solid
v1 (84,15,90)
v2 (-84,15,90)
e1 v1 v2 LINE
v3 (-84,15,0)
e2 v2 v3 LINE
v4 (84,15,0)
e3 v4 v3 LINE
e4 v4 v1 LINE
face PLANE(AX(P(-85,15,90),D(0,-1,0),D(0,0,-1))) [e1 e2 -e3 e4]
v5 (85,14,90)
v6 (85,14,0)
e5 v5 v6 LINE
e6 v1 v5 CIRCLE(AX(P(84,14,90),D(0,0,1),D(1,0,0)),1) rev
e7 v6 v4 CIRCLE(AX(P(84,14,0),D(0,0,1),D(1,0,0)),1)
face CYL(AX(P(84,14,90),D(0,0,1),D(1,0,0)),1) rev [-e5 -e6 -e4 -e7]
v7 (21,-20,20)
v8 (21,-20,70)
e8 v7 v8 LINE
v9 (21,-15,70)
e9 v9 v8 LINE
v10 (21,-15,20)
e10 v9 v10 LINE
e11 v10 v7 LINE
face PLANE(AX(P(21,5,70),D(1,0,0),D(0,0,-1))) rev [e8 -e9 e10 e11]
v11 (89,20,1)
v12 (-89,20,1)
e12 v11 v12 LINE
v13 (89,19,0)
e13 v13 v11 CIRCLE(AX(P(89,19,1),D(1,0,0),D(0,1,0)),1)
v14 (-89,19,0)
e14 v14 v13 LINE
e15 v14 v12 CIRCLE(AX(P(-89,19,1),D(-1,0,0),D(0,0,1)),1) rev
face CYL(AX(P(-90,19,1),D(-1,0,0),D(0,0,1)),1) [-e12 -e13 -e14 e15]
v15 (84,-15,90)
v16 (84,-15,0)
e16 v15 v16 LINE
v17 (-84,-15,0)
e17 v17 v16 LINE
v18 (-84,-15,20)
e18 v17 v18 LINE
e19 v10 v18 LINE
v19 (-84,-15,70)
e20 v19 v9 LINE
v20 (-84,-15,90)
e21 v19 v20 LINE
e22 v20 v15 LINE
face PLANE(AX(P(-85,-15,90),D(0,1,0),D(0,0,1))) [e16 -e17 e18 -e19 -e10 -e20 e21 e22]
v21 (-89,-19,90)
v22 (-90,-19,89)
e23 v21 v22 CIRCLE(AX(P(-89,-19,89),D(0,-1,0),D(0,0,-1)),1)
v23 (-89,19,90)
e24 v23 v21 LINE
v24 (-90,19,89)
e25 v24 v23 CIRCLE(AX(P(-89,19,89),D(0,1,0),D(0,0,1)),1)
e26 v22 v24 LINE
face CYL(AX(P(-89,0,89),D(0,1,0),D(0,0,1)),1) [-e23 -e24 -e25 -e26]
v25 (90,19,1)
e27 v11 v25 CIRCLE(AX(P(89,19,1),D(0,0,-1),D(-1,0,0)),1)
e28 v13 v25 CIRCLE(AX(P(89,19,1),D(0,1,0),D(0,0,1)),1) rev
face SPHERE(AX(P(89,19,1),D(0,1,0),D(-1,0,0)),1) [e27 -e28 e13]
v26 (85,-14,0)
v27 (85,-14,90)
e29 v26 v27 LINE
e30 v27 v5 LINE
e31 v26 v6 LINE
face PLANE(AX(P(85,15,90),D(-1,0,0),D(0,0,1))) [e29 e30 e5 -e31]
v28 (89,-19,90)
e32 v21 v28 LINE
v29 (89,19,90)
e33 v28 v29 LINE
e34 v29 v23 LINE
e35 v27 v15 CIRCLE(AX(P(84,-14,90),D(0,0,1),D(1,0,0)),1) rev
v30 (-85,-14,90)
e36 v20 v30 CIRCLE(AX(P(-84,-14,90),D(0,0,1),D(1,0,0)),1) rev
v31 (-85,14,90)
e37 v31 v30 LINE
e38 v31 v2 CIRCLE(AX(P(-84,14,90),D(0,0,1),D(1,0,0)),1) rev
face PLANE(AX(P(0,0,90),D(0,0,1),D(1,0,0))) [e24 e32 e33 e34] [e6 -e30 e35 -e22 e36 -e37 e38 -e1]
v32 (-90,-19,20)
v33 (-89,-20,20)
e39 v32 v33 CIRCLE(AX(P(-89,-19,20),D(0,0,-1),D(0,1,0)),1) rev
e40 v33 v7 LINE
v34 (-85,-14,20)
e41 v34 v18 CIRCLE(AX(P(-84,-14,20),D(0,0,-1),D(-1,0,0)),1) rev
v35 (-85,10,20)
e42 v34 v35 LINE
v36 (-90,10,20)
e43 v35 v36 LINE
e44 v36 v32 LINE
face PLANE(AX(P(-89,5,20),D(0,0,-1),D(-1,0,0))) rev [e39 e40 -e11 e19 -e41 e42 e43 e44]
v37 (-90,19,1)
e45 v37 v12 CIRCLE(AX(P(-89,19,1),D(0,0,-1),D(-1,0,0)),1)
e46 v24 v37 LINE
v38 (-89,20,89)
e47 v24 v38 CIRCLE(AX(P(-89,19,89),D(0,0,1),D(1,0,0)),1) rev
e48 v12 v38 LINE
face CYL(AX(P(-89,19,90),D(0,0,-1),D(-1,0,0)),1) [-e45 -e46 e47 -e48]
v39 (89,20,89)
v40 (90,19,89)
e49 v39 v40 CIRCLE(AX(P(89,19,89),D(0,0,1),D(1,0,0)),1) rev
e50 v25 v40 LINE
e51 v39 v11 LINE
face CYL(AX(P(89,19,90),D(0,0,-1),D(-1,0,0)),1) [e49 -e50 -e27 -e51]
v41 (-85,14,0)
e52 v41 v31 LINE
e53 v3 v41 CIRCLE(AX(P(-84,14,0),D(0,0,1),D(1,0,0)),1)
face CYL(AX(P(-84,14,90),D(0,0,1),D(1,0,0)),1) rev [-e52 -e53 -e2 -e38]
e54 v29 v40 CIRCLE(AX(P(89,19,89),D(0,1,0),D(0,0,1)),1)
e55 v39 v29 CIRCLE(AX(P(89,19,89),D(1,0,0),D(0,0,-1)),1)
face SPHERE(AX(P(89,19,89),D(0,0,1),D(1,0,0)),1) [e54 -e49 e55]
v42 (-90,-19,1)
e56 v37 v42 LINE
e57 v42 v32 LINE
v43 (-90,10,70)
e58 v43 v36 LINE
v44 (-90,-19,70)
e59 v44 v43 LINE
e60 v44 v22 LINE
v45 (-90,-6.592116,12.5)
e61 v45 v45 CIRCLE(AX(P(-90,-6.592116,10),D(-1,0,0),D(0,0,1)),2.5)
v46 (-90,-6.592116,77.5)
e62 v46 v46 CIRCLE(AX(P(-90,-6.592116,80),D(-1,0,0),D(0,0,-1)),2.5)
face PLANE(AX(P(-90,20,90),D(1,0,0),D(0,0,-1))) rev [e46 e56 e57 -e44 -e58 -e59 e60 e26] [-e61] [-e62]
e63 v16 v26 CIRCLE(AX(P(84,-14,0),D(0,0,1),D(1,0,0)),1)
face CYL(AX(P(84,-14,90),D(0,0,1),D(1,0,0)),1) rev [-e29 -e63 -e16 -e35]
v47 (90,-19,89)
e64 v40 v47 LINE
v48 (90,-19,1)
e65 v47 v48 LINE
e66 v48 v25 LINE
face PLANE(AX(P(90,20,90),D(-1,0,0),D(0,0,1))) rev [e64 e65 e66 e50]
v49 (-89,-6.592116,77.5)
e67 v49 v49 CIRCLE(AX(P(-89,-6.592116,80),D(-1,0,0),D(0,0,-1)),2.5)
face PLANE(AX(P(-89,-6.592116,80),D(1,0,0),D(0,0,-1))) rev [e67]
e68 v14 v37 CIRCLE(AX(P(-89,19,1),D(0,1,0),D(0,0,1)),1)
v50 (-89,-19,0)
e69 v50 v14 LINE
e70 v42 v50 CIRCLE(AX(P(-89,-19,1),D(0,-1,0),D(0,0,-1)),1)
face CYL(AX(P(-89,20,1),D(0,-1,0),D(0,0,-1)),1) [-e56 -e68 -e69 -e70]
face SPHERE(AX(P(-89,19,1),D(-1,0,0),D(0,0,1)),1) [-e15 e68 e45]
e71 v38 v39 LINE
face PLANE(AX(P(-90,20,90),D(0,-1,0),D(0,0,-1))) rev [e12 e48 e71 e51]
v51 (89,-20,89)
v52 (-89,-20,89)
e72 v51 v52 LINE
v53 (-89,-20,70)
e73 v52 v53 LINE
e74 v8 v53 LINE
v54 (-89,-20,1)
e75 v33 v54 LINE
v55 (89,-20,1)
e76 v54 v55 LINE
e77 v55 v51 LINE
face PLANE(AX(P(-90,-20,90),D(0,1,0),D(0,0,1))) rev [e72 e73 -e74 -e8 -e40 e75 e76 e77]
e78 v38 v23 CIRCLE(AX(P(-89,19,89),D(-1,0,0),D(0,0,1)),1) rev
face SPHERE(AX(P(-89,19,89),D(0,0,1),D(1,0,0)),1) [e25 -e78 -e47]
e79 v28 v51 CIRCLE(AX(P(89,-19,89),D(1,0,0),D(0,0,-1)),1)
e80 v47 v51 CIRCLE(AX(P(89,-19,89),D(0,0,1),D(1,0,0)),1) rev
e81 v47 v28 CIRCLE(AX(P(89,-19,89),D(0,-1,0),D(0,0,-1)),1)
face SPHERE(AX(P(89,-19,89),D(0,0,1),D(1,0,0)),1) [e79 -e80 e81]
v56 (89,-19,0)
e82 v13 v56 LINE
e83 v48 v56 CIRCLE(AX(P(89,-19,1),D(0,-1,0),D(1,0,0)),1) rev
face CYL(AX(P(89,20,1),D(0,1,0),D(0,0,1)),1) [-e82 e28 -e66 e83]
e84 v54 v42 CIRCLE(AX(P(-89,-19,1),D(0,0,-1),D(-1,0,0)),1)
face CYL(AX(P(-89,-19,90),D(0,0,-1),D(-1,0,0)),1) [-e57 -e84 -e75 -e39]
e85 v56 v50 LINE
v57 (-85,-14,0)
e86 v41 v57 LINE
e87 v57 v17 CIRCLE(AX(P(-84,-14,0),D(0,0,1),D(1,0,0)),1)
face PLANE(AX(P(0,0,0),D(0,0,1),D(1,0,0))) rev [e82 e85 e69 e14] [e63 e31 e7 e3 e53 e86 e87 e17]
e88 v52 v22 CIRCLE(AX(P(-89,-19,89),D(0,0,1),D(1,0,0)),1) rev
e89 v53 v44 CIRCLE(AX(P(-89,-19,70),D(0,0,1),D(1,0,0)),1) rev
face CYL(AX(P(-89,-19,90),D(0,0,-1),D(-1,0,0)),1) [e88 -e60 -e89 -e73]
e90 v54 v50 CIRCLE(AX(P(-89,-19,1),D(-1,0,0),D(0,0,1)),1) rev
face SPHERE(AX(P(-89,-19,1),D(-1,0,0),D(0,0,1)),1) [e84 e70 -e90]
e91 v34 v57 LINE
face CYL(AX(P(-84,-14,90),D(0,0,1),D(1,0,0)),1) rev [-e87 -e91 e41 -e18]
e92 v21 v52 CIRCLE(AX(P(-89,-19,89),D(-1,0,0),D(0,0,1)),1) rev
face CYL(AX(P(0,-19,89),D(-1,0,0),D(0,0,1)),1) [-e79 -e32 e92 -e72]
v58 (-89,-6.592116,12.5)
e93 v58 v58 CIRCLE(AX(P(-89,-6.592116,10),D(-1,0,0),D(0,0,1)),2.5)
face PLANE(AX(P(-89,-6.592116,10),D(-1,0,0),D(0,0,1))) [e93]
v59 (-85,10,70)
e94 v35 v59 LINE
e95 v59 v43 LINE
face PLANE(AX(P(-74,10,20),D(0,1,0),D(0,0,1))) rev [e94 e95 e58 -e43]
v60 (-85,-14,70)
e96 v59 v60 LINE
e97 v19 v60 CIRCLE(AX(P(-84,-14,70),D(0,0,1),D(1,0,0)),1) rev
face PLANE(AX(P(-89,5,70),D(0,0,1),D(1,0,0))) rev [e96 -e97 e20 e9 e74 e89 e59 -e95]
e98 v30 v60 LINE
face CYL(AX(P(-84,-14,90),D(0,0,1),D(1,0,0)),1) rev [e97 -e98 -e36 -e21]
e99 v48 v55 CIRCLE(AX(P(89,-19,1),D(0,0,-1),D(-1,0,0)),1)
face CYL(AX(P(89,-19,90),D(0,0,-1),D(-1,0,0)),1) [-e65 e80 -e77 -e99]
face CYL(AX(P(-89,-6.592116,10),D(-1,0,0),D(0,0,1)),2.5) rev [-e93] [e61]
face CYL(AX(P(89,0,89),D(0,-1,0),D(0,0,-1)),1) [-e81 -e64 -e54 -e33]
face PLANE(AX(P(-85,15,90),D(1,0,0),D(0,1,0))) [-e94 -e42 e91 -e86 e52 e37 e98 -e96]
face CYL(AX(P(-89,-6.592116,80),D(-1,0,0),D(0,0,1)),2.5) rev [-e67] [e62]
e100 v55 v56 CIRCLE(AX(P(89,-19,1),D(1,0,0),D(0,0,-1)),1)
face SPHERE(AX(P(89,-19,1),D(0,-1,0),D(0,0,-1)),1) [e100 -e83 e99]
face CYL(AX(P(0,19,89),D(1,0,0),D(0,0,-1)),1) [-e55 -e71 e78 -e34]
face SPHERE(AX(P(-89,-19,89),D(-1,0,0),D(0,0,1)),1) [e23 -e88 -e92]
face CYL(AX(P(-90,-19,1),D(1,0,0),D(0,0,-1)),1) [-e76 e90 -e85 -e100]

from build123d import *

# Parameters (mm, degrees)
SKETCH1_W           = 180
SKETCH1_H           = 40
SKETCH1_W_2         = 170
SKETCH1_H_2         = 30
BOSS_EXTRUDE1_DEPTH = 90
FILLET1_R           = 1
SKETCH2_W           = 110
SKETCH2_H           = 50
CUT_EXTRUDE1_DEPTH  = 25
SKETCH3_W           = 50
SKETCH3_H           = 30
CUT_EXTRUDE2_DEPTH  = 16
SKETCH4_R           = 2.5
CUT_EXTRUDE3_DEPTH  = 1


with BuildPart() as part:
    # Sketch1 → Boss-Extrude1 (new body)
    with BuildSketch(Plane.XY):
        Rectangle(SKETCH1_W, SKETCH1_H)
        Rectangle(SKETCH1_W_2, SKETCH1_H_2, mode=Mode.SUBTRACT)
    extrude(amount=BOSS_EXTRUDE1_DEPTH)

    # Fillet1
    fillet1_edges = [part.edges().sort_by_distance(p)[0] for p in [
        (-90, 0, 90),
        (85, -15, 45),
        (85, 15, 45),
        (-85, 15, 45),
        (-85, -15, 45),
        (0, -20, 90),
        (90, 0, 90),
        (0, -20, 0),
        (-90, 0, 0),
        (0, 20, 0),
        (90, 0, 0),
        (90, -20, 45),
        (-90, -20, 45),
        (-90, 20, 45),
        (90, 20, 45),
        (0, 20, 90),
    ]]
    fillet(fillet1_edges, radius=FILLET1_R)

    # Sketch2 → Cut-Extrude1 (cut)
    with BuildSketch(Plane.XZ.offset(20)):
        with Locations((-34, 45)):
            Rectangle(SKETCH2_W, SKETCH2_H)
    extrude(amount=-CUT_EXTRUDE1_DEPTH, mode=Mode.SUBTRACT)

    # Sketch3 → Cut-Extrude2 (cut)
    with BuildSketch(Plane.ZY.offset(90)):
        with Locations((45, -5)):
            Rectangle(SKETCH3_W, SKETCH3_H)
    extrude(amount=-CUT_EXTRUDE2_DEPTH, mode=Mode.SUBTRACT)

    # Sketch4 → Cut-Extrude3 (cut)
    with BuildSketch(Plane.ZY.offset(90)):
        with Locations((10, -6.59211648)):
            Circle(SKETCH4_R)
        with Locations(Location((80, -6.59211648, 0), (0, 0, 180))):
            Circle(SKETCH4_R)
    extrude(amount=-CUT_EXTRUDE3_DEPTH, mode=Mode.SUBTRACT)


solid = part.part
